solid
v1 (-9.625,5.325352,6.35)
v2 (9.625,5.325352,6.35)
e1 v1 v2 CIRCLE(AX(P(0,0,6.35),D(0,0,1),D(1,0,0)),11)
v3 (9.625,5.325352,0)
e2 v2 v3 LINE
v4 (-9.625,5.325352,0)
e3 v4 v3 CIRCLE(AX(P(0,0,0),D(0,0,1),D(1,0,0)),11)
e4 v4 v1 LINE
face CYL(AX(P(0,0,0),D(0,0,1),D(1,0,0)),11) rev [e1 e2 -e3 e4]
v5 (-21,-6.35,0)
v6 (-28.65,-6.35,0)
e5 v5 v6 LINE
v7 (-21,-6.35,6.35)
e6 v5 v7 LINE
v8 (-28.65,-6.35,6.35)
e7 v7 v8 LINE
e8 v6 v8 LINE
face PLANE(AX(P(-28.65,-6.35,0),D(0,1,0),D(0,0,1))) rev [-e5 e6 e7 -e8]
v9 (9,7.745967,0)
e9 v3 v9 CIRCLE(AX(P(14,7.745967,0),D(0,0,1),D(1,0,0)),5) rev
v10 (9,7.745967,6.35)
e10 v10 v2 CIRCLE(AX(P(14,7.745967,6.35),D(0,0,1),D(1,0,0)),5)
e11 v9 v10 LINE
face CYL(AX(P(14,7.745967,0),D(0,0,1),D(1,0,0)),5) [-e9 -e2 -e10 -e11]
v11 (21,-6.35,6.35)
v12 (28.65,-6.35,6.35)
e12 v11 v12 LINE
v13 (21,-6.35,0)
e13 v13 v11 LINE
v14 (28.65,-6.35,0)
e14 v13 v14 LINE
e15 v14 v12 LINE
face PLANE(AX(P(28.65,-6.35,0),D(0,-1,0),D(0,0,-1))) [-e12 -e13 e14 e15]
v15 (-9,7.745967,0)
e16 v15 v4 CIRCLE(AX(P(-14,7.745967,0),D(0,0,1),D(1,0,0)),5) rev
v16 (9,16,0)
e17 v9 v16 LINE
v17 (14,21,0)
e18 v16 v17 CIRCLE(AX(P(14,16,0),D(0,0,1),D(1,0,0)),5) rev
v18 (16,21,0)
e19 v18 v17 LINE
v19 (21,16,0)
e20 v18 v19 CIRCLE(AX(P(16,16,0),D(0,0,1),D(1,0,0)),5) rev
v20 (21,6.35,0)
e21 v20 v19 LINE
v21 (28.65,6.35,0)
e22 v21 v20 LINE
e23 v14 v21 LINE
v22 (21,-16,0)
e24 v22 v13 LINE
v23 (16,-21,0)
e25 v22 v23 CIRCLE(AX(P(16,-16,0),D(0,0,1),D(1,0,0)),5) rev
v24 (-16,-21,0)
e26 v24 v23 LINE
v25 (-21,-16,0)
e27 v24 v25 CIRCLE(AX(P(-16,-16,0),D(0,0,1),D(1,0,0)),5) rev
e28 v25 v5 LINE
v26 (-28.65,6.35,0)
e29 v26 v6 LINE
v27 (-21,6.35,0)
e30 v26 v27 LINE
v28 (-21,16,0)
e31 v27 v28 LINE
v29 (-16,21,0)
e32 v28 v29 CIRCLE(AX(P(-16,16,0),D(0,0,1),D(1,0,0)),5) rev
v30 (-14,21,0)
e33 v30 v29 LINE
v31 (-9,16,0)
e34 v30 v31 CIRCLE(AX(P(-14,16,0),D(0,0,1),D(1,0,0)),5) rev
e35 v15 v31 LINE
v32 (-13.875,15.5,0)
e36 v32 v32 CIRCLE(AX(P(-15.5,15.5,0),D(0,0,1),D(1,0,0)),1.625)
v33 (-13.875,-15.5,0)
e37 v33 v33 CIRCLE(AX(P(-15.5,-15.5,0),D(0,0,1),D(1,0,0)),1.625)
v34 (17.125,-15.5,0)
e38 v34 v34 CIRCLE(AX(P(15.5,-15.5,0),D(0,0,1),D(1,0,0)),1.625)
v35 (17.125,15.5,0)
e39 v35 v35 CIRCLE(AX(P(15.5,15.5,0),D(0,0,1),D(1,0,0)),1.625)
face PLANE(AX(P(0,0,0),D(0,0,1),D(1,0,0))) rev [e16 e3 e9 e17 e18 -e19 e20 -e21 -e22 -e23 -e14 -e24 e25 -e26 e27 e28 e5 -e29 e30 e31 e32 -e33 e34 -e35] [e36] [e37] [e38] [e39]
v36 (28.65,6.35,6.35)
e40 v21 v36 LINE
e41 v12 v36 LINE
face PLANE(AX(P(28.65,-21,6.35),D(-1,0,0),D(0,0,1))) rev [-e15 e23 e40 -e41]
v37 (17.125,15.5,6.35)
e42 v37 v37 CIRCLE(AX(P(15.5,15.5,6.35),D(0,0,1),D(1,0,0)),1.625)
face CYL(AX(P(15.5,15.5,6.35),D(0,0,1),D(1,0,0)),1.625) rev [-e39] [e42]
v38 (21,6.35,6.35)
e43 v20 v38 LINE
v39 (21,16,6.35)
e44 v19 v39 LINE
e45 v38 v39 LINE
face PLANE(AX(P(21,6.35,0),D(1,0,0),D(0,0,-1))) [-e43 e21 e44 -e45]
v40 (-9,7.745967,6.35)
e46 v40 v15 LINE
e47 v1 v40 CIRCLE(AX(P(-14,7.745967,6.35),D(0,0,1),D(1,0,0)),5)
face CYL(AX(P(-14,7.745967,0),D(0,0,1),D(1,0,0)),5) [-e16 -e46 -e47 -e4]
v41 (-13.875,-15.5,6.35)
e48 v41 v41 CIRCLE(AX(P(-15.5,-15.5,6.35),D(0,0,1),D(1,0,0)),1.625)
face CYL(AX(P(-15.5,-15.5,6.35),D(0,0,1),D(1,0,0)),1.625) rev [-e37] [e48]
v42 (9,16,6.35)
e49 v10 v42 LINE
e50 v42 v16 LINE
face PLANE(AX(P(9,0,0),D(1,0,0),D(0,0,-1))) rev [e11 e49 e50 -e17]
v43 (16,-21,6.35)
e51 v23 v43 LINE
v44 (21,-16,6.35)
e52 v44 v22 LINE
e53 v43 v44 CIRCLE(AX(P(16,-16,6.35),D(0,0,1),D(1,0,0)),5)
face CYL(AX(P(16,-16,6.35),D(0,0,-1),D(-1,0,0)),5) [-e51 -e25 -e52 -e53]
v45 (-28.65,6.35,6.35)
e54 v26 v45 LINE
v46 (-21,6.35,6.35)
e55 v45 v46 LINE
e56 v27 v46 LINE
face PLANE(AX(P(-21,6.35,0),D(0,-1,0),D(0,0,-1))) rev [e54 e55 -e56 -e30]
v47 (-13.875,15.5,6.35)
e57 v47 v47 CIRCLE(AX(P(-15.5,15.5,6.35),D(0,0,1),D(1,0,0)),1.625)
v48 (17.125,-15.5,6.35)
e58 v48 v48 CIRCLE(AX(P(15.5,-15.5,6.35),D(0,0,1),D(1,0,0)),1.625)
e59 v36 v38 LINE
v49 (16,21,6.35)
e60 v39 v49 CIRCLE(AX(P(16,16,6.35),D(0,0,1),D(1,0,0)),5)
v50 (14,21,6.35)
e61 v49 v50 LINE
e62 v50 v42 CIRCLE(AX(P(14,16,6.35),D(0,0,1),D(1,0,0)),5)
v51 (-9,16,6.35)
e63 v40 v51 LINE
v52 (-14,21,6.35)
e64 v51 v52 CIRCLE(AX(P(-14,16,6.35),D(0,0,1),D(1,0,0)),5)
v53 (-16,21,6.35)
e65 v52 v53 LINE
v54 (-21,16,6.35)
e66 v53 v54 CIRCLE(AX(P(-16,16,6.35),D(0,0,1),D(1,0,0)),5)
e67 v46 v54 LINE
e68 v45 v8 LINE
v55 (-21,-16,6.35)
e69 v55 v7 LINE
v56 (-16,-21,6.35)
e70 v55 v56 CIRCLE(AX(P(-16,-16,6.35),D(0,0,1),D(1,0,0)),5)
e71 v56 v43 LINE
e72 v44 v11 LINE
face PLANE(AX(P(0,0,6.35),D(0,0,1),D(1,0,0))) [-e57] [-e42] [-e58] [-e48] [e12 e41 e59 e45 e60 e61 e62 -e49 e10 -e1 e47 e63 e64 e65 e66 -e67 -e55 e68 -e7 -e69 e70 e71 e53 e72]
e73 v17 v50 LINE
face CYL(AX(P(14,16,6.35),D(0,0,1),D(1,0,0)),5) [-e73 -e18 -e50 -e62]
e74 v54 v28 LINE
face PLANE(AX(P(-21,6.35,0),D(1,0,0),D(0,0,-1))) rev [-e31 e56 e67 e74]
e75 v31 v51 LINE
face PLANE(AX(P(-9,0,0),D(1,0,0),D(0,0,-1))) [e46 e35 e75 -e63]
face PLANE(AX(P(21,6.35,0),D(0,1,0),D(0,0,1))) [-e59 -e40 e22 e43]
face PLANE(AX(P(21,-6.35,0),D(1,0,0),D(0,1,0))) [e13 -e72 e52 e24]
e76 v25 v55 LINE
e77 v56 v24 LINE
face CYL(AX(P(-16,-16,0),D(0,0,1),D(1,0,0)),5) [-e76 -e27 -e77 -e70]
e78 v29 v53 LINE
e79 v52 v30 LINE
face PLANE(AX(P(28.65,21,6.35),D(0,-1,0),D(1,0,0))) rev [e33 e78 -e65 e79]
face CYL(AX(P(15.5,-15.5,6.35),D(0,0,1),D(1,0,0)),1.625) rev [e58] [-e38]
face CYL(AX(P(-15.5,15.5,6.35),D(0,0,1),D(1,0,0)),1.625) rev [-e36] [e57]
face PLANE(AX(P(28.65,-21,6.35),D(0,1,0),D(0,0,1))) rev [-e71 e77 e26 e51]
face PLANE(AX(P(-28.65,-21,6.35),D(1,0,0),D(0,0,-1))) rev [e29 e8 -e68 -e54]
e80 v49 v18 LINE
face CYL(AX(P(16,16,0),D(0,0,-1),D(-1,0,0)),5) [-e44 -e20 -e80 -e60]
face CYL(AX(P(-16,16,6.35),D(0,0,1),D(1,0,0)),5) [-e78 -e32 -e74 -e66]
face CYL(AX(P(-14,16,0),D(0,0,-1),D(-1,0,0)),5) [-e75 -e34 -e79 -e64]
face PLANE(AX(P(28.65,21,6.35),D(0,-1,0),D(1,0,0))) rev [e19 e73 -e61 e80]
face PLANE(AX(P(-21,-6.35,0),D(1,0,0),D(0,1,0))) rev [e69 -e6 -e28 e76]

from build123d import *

# Parameters (mm, degrees)
SKETCH1_W                   = 57.3
SKETCH1_H                   = 42
BOSS_EXTRUDE1_DEPTH         = 6.35
TAP_DRILL_FOR_M3X0_5_TAP1_D = 3.25
CUT_EXTRUDE1_DEPTH          = 37.085246293
SKETCH5_W                   = 7.65
SKETCH5_H                   = 14.65
CUT_EXTRUDE2_DEPTH          = 37.085246293
FILLET1_R                   = 5


with BuildPart() as part:
    # Sketch1 → Boss-Extrude1 (new body)
    with BuildSketch(Plane.XY):
        Rectangle(SKETCH1_W, SKETCH1_H)
    extrude(amount=BOSS_EXTRUDE1_DEPTH)

    # Tap Drill for M3x0.5 Tap1 (through all)
    with Locations(Plane.XY.offset(6.35)):
        with Locations((15.5, 15.5), (15.5, -15.5), (-15.5, 15.5), (-15.5, -15.5)):
            Hole(TAP_DRILL_FOR_M3X0_5_TAP1_D / 2)

    # Sketch4 → Cut-Extrude1 (cut, through all)
    with BuildSketch(Plane.XY.offset(6.35)):
        with BuildLine():
            ThreePointArc((11, 0), (10.488088482, 3.31662479), (9, 6.32455532))
            Line((9, 6.32455532), (-9, 6.32455532))
            ThreePointArc((-9, 6.32455532), (-3.31662479, -10.488088482), (11, 0))
        make_face()
        with BuildLine():
            Line((-9, 6.32455532), (9, 6.32455532))
            ThreePointArc((9, 6.32455532), (0, 11), (-9, 6.32455532))
        make_face()
        with BuildLine():
            ThreePointArc((-9, 6.32455532), (0, 11), (9, 6.32455532))
            Line((9, 6.32455532), (9, 21))
            Line((9, 21), (-9, 21))
            Line((-9, 21), (-9, 6.32455532))
        make_face()
    extrude(amount=-CUT_EXTRUDE1_DEPTH, mode=Mode.SUBTRACT)

    # Sketch5 → Cut-Extrude2 (cut, through all)
    with BuildSketch(Plane.XY.offset(6.35)):
        with Locations((-24.825, 13.675)):
            Rectangle(SKETCH5_W, SKETCH5_H)
        with Locations((-24.825, -13.675)):
            Rectangle(SKETCH5_W, SKETCH5_H)
    cut_extrude2 = extrude(amount=-CUT_EXTRUDE2_DEPTH, mode=Mode.SUBTRACT)

    # Mirror1: Cut-Extrude2 across plane
    add(cut_extrude2.mirror(Plane(origin=(0, 0, 0), x_dir=(0, 0, 1), z_dir=(1, 0, 0))), mode=Mode.SUBTRACT)

    # Fillet1
    fillet1_edges = [part.edges().sort_by_distance(p)[0] for p in [
        (9, 6.32455532, 3.175),
        (-9, 6.32455532, 3.175),
        (-9, 21, 3.175),
        (9, 21, 3.175),
        (-21, 21, 3.175),
        (-21, -21, 3.175),
        (21, 21, 3.175),
        (21, -21, 3.175),
    ]]
    fillet(fillet1_edges, radius=FILLET1_R)


solid = part.part
